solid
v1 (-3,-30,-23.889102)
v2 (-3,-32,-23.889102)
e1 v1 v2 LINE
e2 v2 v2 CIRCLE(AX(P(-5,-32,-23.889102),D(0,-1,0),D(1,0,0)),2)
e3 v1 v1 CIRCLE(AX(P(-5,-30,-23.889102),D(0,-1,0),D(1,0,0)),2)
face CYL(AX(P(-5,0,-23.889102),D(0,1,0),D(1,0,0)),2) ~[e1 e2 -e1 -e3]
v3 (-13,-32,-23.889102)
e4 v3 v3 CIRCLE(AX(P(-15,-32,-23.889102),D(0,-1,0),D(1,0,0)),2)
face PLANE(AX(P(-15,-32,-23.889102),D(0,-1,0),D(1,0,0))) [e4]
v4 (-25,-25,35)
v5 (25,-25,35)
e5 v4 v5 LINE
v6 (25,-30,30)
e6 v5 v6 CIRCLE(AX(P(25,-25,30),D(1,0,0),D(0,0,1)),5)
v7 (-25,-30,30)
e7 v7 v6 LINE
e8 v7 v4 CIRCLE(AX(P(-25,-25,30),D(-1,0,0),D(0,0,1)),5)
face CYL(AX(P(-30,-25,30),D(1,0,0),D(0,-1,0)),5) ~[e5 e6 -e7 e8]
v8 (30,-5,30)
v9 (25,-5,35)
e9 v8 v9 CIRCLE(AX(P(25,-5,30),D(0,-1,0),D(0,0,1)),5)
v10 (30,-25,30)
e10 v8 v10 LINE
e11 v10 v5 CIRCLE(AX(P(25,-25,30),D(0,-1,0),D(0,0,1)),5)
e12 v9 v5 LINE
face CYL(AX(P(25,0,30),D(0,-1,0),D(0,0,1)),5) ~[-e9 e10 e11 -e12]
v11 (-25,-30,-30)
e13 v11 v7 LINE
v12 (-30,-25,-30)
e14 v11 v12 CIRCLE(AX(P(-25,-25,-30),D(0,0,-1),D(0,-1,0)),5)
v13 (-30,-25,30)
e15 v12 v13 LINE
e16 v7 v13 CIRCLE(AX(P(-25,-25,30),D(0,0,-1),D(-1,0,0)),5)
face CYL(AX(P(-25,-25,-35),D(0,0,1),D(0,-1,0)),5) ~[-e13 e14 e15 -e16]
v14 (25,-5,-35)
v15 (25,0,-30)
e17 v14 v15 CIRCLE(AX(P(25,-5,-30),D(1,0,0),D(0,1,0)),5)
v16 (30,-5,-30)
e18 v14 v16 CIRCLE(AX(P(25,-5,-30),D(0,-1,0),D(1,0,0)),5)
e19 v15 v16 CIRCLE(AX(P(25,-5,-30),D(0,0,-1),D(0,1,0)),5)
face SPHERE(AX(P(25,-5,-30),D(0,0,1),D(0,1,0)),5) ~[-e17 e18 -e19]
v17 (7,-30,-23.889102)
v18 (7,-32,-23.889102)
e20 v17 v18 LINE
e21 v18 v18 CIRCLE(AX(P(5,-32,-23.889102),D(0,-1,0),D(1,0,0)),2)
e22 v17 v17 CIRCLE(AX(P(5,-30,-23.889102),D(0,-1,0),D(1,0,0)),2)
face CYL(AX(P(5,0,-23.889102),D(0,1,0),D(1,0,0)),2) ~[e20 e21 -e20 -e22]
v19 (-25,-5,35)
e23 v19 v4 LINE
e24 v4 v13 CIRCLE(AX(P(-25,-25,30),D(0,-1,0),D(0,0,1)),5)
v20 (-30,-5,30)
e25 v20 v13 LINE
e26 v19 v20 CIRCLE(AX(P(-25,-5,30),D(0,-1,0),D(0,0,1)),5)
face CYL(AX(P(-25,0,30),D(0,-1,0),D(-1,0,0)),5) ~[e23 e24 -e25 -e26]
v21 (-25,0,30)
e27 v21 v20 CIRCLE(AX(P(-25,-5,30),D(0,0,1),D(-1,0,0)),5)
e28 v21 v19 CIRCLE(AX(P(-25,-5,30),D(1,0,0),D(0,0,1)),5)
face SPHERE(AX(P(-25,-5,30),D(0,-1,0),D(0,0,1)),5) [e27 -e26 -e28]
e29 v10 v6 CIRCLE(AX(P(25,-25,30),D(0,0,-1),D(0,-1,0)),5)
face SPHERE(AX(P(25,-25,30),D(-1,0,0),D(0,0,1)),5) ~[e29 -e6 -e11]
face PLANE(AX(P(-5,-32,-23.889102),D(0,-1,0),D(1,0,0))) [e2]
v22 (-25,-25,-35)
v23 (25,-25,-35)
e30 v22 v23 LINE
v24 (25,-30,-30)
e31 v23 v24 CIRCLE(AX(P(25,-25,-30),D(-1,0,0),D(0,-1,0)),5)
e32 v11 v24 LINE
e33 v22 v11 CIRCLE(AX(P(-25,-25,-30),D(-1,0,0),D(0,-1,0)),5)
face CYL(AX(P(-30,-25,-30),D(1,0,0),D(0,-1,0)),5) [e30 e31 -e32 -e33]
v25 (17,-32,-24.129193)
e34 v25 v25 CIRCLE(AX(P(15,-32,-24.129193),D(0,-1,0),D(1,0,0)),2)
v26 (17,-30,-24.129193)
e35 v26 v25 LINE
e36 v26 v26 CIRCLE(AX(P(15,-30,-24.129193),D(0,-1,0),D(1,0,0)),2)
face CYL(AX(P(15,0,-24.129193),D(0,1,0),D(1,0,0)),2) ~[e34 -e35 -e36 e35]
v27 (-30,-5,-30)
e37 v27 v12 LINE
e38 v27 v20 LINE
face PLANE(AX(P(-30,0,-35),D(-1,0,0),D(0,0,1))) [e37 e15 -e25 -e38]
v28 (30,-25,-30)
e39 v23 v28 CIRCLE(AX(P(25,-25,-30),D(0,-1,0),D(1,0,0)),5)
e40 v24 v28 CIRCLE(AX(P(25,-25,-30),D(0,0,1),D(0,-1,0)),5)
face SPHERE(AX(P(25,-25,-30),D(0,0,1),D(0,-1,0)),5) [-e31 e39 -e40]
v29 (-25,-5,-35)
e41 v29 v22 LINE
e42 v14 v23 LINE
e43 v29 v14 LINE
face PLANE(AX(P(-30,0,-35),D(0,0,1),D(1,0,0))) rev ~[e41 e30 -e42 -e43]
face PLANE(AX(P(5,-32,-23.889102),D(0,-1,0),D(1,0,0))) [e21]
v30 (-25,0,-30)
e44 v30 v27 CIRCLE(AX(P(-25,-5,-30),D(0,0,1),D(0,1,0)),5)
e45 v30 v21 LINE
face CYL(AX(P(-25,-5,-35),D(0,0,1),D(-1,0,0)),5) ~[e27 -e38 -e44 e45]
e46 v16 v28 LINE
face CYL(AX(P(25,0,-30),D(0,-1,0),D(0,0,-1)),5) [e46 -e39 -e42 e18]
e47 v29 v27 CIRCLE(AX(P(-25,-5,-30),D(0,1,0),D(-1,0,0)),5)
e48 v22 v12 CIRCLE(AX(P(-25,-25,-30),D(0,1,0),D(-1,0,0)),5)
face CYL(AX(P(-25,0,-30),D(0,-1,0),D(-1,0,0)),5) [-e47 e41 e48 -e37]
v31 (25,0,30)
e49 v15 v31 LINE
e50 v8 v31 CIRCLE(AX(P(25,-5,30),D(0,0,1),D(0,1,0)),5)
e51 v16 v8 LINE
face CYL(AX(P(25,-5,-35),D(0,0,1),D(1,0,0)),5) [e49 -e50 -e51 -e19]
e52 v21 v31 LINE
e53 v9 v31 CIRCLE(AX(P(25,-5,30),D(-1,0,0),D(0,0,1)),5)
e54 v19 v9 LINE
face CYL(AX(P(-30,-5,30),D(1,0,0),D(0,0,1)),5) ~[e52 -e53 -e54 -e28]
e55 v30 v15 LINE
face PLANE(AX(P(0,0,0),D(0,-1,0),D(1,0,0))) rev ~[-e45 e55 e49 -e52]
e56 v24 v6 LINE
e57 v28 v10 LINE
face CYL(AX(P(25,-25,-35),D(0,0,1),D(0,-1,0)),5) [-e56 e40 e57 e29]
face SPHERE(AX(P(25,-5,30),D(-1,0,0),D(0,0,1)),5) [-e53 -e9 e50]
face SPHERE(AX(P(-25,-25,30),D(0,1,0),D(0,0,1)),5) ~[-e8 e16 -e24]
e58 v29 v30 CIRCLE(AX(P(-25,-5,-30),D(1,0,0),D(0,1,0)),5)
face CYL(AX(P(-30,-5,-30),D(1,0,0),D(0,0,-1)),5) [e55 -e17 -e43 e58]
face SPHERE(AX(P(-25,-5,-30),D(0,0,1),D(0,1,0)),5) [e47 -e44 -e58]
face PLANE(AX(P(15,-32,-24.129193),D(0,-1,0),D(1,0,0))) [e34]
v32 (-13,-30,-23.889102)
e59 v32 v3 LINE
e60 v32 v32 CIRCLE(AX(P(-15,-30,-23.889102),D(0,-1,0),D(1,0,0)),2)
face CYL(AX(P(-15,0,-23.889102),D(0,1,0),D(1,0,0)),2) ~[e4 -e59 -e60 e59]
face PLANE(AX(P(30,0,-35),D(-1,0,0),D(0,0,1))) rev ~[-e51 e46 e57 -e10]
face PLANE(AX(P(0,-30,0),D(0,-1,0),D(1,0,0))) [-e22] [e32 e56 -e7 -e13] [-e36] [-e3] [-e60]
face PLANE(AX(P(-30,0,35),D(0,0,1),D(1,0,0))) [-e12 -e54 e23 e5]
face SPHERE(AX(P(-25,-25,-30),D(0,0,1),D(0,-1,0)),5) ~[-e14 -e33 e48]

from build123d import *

# Parameters (mm, degrees)
F0_W     = 60
F0_H     = 70
F0_R     = 2
F1_DEPTH = 30
F2_DEPTH = 32
F3_R     = 5


with BuildPart() as f1:
    # F0 (on Front) → F1 (new body)
    with BuildSketch(Plane.XZ):
        Rectangle(F0_W, F0_H)
        with Locations((-15, -23.889102)):
            Circle(F0_R, mode=Mode.SUBTRACT)
        with Locations((-5, -23.889102)):
            Circle(F0_R, mode=Mode.SUBTRACT)
        with Locations((5, -23.889102)):
            Circle(F0_R, mode=Mode.SUBTRACT)
        with Locations((15, -24.129193)):
            Circle(F0_R, mode=Mode.SUBTRACT)
    extrude(amount=F1_DEPTH)

    # F0 (on Front) → F2 (join)
    with BuildSketch(Plane.XZ):
        with Locations((15, -24.129193)):
            Circle(F0_R)
        with Locations((5, -23.889102)):
            Circle(F0_R)
        with Locations((-5, -23.889102)):
            Circle(F0_R)
        with Locations((-15, -23.889102)):
            Circle(F0_R)
    extrude(amount=F2_DEPTH)

    # F3
    f3_edges = [f1.edges().sort_by_distance(p)[0] for p in [
        (-30, -15, 35),
        (0, 0, 35),
        (0, -30, 35),
        (30, -15, 35),
        (30, -30, 0),
        (-30, -30, 0),
        (-30, 0, 0),
        (30, 0, 0),
        (0, 0, -35),
        (0, -30, -35),
        (30, -15, -35),
        (-30, -15, -35),
    ]]
    fillet(f3_edges, radius=F3_R)


solid = f1.part
